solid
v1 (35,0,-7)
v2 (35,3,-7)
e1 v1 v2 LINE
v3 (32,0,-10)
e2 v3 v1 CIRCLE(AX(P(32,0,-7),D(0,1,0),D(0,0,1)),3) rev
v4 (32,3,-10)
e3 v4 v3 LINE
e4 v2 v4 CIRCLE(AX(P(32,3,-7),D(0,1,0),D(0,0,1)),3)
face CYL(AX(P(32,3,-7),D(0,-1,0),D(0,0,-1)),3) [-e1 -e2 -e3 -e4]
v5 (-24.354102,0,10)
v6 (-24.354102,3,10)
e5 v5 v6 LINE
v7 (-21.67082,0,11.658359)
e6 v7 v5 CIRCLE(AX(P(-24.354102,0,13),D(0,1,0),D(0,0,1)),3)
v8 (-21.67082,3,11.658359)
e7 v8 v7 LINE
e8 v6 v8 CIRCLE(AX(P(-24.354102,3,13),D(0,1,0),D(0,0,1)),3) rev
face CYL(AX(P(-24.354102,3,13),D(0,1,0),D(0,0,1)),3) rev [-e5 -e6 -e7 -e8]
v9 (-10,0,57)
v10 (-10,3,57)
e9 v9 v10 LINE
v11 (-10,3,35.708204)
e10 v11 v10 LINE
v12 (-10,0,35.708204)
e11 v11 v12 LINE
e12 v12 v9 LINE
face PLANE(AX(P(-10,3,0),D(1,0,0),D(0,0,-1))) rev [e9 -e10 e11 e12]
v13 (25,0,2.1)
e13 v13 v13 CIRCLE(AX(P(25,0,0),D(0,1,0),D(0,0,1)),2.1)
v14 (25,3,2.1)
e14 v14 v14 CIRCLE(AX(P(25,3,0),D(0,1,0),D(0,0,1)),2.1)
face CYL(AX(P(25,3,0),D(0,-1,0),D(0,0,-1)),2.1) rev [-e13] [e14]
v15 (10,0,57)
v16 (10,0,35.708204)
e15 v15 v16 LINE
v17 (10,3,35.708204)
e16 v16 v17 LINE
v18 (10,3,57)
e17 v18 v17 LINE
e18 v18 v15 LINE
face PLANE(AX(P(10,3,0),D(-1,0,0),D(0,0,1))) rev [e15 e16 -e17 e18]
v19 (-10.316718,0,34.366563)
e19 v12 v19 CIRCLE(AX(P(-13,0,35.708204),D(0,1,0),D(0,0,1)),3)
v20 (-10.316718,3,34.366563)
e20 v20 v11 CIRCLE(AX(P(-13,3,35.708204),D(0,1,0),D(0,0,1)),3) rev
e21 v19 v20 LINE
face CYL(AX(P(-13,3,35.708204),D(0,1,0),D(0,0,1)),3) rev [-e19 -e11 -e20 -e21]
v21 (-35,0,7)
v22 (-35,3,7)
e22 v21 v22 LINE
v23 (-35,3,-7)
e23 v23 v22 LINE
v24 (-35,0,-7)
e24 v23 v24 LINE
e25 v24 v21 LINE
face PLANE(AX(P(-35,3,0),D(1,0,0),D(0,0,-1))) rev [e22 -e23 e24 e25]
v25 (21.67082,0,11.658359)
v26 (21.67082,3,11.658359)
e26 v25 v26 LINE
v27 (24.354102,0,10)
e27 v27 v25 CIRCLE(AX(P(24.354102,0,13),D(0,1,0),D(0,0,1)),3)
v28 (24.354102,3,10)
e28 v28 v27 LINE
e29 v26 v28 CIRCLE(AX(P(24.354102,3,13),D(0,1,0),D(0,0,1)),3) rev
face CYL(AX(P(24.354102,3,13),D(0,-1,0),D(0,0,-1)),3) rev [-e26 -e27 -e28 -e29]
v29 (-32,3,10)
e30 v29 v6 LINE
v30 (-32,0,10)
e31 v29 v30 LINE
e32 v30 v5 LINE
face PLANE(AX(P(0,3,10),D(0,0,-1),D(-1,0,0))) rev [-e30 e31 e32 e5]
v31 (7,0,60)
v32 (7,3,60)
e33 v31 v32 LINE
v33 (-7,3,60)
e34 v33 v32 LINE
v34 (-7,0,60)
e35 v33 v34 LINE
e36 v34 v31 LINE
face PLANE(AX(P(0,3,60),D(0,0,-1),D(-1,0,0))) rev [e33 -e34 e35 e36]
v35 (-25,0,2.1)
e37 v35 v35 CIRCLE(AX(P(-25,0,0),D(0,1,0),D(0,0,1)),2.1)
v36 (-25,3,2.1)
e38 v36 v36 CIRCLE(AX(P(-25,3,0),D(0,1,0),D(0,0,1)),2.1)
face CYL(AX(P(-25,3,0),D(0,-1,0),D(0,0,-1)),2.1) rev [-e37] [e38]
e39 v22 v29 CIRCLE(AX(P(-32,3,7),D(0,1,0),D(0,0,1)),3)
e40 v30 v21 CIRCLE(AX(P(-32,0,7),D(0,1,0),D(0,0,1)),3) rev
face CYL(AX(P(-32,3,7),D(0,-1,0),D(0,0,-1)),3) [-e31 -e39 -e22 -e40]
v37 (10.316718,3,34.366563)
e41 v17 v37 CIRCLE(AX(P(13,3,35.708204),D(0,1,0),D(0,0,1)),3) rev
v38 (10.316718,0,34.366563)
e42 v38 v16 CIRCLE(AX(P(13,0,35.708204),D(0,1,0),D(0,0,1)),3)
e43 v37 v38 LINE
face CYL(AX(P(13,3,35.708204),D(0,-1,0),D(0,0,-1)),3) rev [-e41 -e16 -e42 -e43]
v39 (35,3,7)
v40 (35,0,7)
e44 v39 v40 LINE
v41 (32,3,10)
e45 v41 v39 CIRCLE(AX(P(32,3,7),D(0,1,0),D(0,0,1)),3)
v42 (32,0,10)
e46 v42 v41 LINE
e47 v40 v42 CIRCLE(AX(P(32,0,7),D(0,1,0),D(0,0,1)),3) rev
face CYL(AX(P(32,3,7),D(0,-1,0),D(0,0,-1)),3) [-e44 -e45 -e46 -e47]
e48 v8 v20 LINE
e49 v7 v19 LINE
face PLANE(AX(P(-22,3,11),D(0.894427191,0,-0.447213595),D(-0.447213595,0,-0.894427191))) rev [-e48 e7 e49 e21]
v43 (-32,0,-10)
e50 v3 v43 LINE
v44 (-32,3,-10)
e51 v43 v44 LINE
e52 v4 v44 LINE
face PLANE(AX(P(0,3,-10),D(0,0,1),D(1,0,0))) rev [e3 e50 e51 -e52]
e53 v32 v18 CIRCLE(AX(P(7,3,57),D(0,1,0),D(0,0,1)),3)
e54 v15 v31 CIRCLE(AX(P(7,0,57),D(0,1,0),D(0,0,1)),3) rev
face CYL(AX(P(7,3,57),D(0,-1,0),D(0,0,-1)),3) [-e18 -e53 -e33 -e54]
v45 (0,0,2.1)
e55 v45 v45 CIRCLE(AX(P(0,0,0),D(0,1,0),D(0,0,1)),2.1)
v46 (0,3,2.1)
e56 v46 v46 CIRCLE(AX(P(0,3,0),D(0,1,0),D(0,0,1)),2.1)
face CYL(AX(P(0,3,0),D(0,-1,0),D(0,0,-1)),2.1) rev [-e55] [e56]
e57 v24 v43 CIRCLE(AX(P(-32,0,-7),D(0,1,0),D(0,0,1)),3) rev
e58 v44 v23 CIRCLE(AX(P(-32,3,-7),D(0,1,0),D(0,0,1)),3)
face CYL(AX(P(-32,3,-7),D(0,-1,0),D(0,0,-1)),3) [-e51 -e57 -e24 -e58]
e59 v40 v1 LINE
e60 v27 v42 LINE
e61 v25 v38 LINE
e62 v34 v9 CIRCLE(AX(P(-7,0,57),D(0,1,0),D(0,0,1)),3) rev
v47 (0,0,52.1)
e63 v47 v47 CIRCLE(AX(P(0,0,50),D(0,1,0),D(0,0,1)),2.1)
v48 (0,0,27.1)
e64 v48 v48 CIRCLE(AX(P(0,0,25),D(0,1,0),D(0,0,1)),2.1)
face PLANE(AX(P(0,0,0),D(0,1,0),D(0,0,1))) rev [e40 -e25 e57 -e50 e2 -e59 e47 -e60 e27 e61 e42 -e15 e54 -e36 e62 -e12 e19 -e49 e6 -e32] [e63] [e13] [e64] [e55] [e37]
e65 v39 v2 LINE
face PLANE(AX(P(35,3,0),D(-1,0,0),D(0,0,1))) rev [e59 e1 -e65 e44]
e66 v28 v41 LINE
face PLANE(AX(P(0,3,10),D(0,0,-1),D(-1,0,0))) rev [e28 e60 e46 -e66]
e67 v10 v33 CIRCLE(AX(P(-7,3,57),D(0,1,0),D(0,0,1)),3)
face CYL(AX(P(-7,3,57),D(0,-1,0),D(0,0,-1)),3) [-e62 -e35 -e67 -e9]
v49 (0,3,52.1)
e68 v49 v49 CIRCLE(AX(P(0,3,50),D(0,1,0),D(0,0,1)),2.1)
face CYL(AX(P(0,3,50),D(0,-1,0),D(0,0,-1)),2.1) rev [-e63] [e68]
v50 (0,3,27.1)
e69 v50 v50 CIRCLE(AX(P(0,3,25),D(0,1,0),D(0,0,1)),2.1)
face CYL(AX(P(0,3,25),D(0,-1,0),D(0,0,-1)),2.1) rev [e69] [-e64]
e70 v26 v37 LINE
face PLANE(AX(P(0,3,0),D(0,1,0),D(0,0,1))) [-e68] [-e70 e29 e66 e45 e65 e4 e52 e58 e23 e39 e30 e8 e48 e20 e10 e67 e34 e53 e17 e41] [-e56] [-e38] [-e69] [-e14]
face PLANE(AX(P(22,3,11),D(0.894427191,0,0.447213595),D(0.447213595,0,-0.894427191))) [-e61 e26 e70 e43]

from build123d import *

# Parameters (mm, degrees)
SKETCH_1_R      = 2.1
EXTRUDE_1_DEPTH = 3
FILLET_1_R      = 3


with BuildPart() as part:
    # 草图1 → 凸台-拉伸1 (new body)
    # profile 1 of 3: a face of its own
    with BuildSketch(Plane(origin=(0, 0, 0), x_dir=(1, 0, 0), z_dir=(0, 1, 0))):
        Polygon((10, -10), (35, -10), (35, 10), (-35, 10), (-35, -10), (-10, -10), (-10, -60), (10, -60), align=None)
        with Locations(Location((0, -50, 0), (0, 0, 270))):
            Circle(SKETCH_1_R, mode=Mode.SUBTRACT)
        with Locations(Location((0, -25, 0), (0, 0, 270))):
            Circle(SKETCH_1_R, mode=Mode.SUBTRACT)
        with Locations(Location((-25, 0, 0), (0, 0, 270))):
            Circle(SKETCH_1_R, mode=Mode.SUBTRACT)
        with Locations(Location((25, 0, 0), (0, 0, 270))):
            Circle(SKETCH_1_R, mode=Mode.SUBTRACT)
        with Locations(Location((0, 0, 0), (0, 0, 270))):
            Circle(SKETCH_1_R, mode=Mode.SUBTRACT)
    # profile 2 of 3: a face of its own
    with BuildSketch(Plane(origin=(0, 0, 0), x_dir=(1, 0, 0), z_dir=(0, 1, 0))):
        Polygon((-10, -10), (-22.5, -10), (-10, -35), align=None)
    # profile 3 of 3: a face of its own
    with BuildSketch(Plane(origin=(0, 0, 0), x_dir=(1, 0, 0), z_dir=(0, 1, 0))):
        Polygon((10, -35), (22.5, -10), (10, -10), align=None)
    extrude(amount=EXTRUDE_1_DEPTH)

    # 圆角1
    fillet_1_edges = [part.edges().sort_by_distance(p)[0] for p in [
        (10, 1.5, 35),
        (10, 1.5, 60),
        (-10, 1.5, 60),
        (-10, 1.5, 35),
        (-22.5, 1.5, 10),
        (-35, 1.5, 10),
        (-35, 1.5, -10),
        (35, 1.5, -10),
        (35, 1.5, 10),
        (22.5, 1.5, 10),
    ]]
    fillet(fillet_1_edges, radius=FILLET_1_R)


solid = part.part
